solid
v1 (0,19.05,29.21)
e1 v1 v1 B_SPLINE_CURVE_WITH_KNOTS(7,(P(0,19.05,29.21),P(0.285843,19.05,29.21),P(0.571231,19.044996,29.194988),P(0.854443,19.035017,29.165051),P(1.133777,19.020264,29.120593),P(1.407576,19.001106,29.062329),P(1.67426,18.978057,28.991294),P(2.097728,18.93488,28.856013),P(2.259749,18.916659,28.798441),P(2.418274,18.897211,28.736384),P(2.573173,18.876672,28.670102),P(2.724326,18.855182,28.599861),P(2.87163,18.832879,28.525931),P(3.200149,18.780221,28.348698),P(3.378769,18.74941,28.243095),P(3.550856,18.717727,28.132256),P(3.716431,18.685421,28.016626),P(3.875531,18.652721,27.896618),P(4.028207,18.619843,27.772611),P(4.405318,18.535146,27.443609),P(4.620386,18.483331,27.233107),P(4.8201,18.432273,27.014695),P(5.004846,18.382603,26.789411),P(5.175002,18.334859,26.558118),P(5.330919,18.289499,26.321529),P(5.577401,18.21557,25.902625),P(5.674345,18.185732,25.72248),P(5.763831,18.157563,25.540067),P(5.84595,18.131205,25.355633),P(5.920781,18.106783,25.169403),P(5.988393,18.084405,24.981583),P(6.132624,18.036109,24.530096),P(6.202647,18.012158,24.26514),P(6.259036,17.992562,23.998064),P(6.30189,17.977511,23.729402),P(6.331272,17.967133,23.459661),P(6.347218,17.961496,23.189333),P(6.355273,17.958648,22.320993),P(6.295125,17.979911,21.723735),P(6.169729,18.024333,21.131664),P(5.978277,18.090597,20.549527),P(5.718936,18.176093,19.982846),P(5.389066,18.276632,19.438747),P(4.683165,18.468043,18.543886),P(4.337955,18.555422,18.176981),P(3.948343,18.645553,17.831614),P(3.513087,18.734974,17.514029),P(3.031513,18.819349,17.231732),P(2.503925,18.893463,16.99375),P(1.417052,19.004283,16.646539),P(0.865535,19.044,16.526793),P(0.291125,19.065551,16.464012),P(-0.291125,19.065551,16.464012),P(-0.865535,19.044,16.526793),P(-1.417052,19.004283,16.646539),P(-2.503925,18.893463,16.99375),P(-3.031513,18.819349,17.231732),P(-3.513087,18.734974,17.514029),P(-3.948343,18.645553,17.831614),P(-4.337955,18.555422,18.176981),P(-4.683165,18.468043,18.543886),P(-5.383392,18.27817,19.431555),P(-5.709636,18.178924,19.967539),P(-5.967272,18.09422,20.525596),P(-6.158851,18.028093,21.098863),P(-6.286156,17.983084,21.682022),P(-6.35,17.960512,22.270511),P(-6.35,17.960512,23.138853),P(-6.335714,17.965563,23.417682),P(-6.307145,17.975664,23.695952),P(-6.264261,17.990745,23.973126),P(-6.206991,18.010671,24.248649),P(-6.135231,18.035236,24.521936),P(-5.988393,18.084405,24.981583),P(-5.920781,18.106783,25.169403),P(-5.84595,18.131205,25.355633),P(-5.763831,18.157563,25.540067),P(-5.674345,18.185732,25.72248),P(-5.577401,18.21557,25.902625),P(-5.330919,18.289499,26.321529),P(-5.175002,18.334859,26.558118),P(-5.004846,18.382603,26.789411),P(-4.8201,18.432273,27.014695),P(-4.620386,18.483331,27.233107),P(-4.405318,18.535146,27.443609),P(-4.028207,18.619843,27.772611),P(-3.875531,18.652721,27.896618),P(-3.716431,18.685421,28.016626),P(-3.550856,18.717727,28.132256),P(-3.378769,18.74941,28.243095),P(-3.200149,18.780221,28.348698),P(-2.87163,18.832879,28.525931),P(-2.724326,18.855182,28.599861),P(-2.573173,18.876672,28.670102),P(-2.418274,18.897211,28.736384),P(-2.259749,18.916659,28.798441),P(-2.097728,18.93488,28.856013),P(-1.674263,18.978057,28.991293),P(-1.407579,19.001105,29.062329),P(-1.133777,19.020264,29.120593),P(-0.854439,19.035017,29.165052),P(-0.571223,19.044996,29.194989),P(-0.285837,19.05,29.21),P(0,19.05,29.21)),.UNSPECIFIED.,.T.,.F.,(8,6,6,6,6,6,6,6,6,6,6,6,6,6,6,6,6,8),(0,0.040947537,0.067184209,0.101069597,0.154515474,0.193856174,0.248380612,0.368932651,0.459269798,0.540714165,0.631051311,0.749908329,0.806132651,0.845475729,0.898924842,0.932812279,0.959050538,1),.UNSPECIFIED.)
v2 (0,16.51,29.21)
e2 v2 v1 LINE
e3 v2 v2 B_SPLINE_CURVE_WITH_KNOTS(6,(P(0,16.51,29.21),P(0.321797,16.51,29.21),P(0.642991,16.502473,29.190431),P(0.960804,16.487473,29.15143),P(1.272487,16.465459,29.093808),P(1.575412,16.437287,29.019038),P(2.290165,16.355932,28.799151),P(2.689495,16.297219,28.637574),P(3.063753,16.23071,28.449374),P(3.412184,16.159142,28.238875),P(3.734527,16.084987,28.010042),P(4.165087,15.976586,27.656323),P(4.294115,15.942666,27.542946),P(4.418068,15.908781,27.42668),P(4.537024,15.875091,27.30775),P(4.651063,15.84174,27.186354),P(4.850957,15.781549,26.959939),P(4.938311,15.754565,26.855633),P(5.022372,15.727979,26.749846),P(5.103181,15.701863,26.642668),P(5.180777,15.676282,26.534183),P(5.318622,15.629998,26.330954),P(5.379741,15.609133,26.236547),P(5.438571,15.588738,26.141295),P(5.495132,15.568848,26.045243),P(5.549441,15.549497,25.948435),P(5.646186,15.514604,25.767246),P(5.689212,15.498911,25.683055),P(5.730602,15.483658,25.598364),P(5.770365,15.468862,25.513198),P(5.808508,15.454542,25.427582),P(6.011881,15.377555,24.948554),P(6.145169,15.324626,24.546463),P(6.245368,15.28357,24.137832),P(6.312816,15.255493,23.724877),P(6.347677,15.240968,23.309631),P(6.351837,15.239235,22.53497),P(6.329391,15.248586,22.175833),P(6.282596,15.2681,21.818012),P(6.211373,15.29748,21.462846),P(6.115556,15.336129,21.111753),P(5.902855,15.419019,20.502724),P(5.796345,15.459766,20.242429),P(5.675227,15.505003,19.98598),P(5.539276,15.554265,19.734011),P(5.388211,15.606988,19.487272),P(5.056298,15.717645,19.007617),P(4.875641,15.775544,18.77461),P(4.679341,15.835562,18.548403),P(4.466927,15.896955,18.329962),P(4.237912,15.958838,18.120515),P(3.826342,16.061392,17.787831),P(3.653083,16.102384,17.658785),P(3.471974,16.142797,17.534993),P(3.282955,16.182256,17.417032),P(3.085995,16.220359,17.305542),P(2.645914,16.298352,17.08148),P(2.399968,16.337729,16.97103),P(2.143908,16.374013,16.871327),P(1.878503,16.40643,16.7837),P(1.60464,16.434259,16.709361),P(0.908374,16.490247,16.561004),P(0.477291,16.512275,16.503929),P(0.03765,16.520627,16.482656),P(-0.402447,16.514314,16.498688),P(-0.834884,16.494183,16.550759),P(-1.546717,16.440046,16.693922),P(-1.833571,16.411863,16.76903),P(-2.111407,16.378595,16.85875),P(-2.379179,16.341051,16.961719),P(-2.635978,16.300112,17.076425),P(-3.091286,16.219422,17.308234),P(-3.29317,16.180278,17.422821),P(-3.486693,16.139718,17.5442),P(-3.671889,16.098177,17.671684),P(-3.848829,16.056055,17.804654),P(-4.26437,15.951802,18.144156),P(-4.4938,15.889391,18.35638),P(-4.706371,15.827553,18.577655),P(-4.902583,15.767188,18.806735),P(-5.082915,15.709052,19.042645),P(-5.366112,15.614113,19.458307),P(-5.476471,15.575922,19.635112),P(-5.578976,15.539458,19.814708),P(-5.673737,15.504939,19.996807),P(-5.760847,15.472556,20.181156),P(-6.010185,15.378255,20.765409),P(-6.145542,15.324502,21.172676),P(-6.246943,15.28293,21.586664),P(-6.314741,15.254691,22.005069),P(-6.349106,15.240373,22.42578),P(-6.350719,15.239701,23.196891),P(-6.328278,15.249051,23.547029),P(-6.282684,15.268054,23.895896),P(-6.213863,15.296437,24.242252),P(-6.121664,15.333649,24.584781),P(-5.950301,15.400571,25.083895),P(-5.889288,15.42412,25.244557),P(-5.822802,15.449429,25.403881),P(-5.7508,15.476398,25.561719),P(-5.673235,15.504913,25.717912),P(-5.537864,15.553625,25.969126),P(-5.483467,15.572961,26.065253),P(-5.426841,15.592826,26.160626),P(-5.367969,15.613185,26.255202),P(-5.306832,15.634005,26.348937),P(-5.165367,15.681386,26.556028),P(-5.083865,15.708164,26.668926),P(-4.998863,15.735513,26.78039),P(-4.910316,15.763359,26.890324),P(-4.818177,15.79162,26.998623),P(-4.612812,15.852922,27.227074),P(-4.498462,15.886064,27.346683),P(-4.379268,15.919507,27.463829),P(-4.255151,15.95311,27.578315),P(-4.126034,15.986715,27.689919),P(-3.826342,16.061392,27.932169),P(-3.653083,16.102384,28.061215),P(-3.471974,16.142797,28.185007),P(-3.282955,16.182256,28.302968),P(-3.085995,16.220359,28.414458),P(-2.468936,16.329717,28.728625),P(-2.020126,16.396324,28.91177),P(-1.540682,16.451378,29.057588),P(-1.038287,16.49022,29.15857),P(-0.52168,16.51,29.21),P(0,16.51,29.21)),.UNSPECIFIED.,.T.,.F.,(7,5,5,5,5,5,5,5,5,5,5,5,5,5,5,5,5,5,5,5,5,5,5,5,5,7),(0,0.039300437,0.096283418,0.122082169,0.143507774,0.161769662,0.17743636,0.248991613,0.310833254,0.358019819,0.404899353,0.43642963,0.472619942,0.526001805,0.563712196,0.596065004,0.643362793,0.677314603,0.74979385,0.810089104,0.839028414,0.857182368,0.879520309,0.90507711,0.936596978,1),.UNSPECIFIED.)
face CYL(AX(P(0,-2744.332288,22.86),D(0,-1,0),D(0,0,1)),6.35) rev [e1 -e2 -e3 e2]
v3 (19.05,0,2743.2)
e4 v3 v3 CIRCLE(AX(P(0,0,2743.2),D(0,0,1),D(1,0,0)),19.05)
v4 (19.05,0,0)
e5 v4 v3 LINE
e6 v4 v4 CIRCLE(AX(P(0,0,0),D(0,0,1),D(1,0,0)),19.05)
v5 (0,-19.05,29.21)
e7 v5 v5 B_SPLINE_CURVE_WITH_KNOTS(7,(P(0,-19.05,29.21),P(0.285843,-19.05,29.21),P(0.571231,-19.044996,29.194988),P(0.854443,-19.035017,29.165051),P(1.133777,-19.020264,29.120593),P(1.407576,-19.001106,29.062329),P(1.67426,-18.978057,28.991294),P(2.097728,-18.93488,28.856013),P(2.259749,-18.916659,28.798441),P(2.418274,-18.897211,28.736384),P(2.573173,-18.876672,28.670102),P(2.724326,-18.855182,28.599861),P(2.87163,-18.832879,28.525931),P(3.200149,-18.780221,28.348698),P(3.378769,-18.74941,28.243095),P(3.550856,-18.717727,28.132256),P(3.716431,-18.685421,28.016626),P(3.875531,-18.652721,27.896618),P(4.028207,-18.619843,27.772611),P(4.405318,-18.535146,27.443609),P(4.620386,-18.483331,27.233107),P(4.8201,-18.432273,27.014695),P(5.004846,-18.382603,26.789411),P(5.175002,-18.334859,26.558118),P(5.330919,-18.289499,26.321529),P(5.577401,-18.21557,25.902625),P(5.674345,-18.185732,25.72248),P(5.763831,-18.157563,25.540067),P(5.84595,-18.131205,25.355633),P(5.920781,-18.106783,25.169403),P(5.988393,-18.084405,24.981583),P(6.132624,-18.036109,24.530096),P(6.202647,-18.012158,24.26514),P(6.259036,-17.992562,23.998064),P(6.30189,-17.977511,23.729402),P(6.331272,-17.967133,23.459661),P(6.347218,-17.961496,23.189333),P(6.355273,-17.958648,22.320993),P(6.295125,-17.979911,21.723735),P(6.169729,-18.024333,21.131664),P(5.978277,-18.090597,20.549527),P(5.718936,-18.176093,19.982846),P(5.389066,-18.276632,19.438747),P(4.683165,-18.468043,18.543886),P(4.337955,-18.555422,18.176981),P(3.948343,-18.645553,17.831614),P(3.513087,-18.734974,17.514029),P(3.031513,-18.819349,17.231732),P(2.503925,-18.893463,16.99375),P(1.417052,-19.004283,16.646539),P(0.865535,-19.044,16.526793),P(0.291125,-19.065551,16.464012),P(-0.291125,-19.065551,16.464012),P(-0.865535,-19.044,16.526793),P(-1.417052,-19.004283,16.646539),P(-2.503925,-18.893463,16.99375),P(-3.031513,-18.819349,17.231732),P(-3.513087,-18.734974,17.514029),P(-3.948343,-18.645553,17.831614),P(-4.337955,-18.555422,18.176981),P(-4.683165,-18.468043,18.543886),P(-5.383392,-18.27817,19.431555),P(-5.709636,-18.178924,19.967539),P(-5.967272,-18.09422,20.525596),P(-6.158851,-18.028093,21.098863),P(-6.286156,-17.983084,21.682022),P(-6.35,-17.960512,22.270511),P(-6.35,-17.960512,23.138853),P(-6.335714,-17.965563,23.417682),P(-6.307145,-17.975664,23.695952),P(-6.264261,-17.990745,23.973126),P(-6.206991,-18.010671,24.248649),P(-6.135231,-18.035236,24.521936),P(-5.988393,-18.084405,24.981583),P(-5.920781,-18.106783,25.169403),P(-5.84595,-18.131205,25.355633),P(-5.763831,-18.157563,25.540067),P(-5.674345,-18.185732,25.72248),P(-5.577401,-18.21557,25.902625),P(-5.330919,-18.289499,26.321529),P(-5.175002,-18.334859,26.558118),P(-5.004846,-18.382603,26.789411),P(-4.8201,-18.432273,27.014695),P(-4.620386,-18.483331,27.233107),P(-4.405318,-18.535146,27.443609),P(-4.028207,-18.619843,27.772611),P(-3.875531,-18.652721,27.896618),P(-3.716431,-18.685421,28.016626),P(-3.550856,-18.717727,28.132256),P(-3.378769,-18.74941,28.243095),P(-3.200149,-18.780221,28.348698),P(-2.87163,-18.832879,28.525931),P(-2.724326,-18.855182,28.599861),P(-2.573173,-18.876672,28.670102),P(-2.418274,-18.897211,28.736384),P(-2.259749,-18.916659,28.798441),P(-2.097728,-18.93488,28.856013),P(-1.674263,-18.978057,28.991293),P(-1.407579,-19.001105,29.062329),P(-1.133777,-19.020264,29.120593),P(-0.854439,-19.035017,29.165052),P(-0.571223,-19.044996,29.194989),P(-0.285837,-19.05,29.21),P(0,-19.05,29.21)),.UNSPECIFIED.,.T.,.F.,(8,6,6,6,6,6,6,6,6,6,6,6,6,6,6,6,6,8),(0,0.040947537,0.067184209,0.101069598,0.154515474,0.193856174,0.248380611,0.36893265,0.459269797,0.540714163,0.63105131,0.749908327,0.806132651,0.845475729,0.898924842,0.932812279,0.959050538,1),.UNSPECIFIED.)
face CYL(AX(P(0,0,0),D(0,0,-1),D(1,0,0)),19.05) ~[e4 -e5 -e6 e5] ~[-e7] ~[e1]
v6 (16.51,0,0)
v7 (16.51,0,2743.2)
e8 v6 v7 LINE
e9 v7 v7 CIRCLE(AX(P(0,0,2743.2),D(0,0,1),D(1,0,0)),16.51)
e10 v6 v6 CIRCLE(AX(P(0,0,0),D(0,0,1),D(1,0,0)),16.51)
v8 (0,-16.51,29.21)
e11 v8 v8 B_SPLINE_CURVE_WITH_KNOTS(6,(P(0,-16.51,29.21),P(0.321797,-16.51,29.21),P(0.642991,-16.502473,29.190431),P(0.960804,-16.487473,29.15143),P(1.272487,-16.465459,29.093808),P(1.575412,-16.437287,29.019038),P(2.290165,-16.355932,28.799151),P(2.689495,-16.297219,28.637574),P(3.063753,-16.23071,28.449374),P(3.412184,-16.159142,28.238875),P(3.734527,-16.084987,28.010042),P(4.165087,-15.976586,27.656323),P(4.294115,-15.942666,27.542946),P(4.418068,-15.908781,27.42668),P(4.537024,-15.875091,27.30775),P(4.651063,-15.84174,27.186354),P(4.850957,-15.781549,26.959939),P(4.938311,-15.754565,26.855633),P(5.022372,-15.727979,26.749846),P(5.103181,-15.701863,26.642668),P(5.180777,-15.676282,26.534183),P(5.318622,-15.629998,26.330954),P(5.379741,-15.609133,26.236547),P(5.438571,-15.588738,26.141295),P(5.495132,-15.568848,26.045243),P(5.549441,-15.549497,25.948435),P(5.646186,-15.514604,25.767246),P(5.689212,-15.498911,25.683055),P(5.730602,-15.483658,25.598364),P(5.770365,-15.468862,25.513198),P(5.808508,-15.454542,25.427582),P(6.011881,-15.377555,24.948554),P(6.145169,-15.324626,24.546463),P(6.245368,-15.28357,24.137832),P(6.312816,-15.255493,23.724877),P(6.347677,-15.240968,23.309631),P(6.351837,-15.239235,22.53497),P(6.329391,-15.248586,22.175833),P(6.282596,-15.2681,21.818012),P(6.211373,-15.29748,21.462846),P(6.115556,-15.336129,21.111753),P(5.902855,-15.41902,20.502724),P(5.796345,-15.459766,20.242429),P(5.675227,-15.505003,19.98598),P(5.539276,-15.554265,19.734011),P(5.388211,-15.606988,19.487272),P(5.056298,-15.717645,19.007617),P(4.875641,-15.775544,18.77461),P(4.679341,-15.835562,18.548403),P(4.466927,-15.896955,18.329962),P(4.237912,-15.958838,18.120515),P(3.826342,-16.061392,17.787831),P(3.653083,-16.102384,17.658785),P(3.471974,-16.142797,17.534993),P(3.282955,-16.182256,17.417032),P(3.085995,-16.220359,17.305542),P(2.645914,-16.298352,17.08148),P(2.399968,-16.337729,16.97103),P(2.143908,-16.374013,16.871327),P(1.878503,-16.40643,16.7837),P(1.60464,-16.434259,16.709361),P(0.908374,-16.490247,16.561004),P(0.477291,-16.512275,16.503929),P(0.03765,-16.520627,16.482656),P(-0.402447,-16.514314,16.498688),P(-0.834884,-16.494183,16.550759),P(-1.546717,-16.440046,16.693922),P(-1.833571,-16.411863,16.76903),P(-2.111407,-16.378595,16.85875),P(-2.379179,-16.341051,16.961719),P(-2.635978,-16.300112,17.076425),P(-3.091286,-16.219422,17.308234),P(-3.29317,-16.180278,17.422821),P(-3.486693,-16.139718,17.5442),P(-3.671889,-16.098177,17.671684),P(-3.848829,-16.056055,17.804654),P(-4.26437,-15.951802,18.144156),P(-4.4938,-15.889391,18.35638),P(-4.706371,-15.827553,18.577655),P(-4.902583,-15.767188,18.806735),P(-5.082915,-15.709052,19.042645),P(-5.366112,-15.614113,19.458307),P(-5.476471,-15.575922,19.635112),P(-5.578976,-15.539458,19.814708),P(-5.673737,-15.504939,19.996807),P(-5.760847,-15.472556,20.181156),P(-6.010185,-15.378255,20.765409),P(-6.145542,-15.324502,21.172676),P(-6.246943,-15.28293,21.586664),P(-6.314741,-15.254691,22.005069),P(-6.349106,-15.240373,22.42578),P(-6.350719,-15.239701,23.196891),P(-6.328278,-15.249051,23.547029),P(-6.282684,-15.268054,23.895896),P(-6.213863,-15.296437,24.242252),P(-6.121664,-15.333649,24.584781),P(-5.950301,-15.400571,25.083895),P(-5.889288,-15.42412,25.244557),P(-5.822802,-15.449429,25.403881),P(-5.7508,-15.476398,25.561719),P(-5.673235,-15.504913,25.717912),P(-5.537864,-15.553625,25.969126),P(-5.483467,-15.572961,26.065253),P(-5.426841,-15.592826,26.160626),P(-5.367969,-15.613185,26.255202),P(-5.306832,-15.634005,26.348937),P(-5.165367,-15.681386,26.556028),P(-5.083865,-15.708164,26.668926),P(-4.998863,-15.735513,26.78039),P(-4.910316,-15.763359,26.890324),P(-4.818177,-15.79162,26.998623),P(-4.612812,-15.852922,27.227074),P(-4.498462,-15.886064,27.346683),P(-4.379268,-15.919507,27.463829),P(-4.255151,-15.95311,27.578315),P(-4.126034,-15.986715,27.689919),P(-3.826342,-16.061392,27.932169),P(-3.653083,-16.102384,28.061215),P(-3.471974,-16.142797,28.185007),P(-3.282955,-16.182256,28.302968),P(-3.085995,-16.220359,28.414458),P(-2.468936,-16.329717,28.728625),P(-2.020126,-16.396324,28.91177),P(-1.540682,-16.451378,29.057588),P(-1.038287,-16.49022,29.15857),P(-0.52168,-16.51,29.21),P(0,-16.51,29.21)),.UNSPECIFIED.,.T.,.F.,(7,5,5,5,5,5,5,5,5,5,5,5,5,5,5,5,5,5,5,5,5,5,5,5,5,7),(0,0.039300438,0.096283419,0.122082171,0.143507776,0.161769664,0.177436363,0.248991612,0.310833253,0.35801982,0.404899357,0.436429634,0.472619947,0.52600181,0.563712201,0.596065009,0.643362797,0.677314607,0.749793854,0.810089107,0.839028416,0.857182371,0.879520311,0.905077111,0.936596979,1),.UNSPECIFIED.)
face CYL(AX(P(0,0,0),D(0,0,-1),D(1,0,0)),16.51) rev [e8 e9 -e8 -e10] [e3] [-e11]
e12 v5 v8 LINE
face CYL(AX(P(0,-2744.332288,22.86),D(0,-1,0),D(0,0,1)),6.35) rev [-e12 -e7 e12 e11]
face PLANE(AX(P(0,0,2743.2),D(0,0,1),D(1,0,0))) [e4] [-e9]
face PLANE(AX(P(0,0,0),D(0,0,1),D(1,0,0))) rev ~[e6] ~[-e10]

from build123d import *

# Parameters (mm, degrees)
SKETCH1_R               = 19.05
SKETCH1_R_2             = 16.51
BOSS_EXTRUDE1_DEPTH     = 2743.2
CUT_EXTRUDE1_DEPTH      = 2744.332288477
CUT_EXTRUDE1_DEPTH_BACK = 2744.332288477
SKETCH2_R               = 6.35


with BuildPart() as part:
    # Sketch1 → Boss-Extrude1 (new body)
    with BuildSketch(Plane.XY):
        Circle(SKETCH1_R)
        Circle(SKETCH1_R_2, mode=Mode.SUBTRACT)
    extrude(amount=BOSS_EXTRUDE1_DEPTH)

    # Sketch2 → Cut-Extrude1 (cut, two sides: drawn at the far end of the back side and taken through both)
    with BuildSketch(Plane(origin=(0, 0, 0), x_dir=(1, 0, 0), z_dir=(0, 1, 0)).offset(-CUT_EXTRUDE1_DEPTH_BACK)):
        with Locations(Location((0, -22.86, 0), (0, 0, 270))):
            Circle(SKETCH2_R)
    extrude(amount=CUT_EXTRUDE1_DEPTH + CUT_EXTRUDE1_DEPTH_BACK, mode=Mode.SUBTRACT)


solid = part.part
